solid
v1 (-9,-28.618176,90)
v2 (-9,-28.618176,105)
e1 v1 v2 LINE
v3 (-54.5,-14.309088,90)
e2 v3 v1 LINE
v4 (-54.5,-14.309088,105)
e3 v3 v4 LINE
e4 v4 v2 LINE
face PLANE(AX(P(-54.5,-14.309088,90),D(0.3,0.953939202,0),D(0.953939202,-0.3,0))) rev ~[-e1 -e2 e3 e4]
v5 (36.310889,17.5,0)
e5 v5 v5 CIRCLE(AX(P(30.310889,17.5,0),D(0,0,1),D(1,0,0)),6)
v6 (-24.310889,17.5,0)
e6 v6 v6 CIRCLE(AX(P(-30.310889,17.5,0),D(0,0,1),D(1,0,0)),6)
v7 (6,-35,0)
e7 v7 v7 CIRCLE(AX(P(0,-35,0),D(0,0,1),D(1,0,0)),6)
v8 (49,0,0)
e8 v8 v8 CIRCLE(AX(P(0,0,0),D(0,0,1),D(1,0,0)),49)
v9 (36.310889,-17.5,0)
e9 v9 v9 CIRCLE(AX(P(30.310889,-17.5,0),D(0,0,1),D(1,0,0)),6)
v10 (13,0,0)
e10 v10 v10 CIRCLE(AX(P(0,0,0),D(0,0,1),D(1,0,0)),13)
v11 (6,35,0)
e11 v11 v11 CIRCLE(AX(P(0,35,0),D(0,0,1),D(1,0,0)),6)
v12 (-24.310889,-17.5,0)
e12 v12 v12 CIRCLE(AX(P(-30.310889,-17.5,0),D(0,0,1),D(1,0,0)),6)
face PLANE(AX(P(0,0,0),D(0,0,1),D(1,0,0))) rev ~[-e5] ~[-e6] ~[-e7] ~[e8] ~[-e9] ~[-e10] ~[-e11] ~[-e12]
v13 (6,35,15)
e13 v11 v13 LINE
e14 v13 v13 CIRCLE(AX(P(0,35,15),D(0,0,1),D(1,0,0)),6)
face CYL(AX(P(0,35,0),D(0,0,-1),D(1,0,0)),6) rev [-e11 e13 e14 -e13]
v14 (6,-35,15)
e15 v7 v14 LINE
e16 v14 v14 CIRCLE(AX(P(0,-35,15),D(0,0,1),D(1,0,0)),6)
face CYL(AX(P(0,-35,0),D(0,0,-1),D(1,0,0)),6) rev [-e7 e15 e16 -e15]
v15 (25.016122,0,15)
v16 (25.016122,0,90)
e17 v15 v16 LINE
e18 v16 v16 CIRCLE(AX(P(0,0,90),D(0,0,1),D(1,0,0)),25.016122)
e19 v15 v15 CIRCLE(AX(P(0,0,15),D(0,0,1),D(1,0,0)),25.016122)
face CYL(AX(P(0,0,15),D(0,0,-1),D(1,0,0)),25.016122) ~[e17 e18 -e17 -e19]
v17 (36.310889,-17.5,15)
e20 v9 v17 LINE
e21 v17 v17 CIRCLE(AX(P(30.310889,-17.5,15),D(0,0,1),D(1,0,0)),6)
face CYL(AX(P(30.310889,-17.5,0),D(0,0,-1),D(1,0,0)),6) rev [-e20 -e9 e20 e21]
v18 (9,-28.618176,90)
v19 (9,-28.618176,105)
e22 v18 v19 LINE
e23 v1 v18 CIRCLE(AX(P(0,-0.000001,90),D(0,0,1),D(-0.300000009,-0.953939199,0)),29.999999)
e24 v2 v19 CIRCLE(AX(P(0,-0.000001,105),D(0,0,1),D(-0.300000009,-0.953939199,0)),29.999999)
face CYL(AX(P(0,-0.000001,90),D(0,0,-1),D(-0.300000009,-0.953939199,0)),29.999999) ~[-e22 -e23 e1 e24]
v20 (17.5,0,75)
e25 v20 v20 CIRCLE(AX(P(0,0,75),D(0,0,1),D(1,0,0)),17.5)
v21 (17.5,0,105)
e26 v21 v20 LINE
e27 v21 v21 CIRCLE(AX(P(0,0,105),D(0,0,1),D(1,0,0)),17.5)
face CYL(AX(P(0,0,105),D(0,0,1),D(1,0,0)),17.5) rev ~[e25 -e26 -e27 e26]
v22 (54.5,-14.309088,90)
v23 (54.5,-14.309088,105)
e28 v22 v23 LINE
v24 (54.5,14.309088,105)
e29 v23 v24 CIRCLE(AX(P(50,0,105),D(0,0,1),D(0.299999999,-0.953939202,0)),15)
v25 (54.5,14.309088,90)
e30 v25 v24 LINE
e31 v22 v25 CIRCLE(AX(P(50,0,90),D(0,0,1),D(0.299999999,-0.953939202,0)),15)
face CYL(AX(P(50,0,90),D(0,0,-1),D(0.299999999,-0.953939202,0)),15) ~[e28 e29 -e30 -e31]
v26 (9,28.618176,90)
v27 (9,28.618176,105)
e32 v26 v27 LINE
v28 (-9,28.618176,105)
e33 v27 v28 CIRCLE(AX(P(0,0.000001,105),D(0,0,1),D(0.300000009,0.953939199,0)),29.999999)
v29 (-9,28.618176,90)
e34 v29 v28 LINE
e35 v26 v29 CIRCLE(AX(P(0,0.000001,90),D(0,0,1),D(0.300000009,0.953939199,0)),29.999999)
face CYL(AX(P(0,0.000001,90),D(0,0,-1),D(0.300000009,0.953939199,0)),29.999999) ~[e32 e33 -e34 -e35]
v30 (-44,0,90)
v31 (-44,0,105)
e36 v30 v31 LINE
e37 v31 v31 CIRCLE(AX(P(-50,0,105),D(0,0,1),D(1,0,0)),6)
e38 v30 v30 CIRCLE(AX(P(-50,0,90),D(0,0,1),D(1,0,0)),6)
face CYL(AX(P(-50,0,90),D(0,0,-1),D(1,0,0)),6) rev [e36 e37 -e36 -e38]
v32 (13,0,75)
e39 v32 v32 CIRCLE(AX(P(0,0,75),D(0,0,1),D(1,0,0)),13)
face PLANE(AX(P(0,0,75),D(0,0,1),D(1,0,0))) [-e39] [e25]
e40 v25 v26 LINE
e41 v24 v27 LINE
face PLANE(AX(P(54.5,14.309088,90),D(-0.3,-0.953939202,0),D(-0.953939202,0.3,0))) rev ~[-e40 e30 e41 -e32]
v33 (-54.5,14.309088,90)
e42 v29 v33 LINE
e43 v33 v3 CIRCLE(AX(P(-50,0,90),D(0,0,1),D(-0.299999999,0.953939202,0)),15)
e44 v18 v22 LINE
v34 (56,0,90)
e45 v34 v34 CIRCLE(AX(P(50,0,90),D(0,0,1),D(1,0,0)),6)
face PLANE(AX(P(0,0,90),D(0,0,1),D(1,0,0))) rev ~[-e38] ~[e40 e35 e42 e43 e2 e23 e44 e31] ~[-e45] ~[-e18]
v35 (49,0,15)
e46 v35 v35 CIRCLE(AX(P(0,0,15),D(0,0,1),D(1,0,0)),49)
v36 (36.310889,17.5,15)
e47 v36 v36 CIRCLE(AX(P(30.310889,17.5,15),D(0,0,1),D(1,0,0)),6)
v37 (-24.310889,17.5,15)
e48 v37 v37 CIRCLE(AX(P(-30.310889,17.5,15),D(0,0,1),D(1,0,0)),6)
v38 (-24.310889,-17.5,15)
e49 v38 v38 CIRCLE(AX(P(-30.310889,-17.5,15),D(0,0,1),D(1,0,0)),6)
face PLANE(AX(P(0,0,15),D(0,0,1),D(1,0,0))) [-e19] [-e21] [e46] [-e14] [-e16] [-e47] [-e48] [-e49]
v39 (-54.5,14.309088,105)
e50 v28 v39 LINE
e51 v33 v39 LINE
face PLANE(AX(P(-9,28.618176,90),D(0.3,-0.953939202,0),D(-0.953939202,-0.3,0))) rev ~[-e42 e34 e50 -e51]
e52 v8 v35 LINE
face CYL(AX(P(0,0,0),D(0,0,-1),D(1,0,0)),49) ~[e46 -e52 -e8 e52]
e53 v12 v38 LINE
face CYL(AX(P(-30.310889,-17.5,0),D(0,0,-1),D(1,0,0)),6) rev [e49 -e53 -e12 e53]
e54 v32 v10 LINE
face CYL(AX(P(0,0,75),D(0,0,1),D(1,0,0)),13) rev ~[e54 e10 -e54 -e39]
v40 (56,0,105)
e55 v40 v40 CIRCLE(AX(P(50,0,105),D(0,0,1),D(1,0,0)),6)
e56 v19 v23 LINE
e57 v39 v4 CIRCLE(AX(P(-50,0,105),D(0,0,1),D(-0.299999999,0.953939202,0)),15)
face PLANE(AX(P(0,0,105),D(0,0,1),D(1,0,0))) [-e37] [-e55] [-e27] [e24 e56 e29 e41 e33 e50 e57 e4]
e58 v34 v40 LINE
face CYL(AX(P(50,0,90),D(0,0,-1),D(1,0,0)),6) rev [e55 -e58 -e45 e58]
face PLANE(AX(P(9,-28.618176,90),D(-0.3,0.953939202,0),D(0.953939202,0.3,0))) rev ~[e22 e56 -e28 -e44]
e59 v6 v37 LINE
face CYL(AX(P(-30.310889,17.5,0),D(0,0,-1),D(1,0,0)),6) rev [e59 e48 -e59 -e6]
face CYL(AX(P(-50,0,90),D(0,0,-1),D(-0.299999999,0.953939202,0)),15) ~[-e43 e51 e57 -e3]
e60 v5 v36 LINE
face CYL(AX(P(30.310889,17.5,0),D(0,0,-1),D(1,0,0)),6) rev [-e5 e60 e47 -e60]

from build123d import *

# Parameters (mm, degrees)
F0_R      = 49
F0_R_2    = 6
F1_DEPTH  = 15
F2_R      = 25.016122
F3_DEPTH  = 75
F4_R      = 6
F5_DEPTH  = 15
F6_R      = 17.5
F7_DEPTH  = 30
F9_R      = 13
F10_DEPTH = 150


with BuildPart() as f1:
    # F0 (on Top) → F1 (new body)
    with BuildSketch(Plane.XY):
        Circle(F0_R)
        with Locations((0, -35)):
            Circle(F0_R_2, mode=Mode.SUBTRACT)
        with Locations((-30.310889, -17.5)):
            Circle(F0_R_2, mode=Mode.SUBTRACT)
        with Locations((30.310889, -17.5)):
            Circle(F0_R_2, mode=Mode.SUBTRACT)
        with Locations((-30.310889, 17.5)):
            Circle(F0_R_2, mode=Mode.SUBTRACT)
        with Locations((0, 35)):
            Circle(F0_R_2, mode=Mode.SUBTRACT)
        with Locations((30.310889, 17.5)):
            Circle(F0_R_2, mode=Mode.SUBTRACT)
    extrude(amount=F1_DEPTH)

    # F2 (on face) → F3 (join)
    with BuildSketch(Plane.XY.offset(15)):
        Circle(F2_R)
    extrude(amount=F3_DEPTH)

    # F4 (on face) → F5 (join)
    with BuildSketch(Plane.XY.offset(90)):
        with BuildLine():
            Line((9, -28.618176), (54.5, -14.309088))
            ThreePointArc((54.5, -14.309088), (65, 0), (54.5, 14.309088))
            Line((54.5, 14.309088), (9, 28.618176))
            ThreePointArc((9, 28.618176), (0, 30), (-9, 28.618176))
            Line((-9, 28.618176), (-54.5, 14.309088))
            ThreePointArc((-54.5, 14.309088), (-65, 0), (-54.5, -14.309088))
            Line((-54.5, -14.309088), (-9, -28.618176))
            ThreePointArc((-9, -28.618176), (0, -30), (9, -28.618176))
        make_face()
        with Locations((-50, 0)):
            Circle(F4_R, mode=Mode.SUBTRACT)
        with Locations((50, 0)):
            Circle(F4_R, mode=Mode.SUBTRACT)
    extrude(amount=F5_DEPTH)


with BuildPart() as f7:
    # F6 (on face) → F7 (new body)
    with BuildSketch(Plane.XY.offset(105)):
        Circle(F6_R)
    extrude(amount=-F7_DEPTH)


with BuildPart() as f1_1:
    add(f1.part)

    # F8: cut F7
    add(f7.part, mode=Mode.SUBTRACT)


with BuildPart() as f10:
    # F9 (on face) → F10 (new body)
    with BuildSketch(Plane.XY.offset(75)):
        Circle(F9_R)
    extrude(amount=-F10_DEPTH)


with BuildPart() as f1_2:
    add(f1_1.part)

    # F11: cut F10
    add(f10.part, mode=Mode.SUBTRACT)


solid = f1_2.part
